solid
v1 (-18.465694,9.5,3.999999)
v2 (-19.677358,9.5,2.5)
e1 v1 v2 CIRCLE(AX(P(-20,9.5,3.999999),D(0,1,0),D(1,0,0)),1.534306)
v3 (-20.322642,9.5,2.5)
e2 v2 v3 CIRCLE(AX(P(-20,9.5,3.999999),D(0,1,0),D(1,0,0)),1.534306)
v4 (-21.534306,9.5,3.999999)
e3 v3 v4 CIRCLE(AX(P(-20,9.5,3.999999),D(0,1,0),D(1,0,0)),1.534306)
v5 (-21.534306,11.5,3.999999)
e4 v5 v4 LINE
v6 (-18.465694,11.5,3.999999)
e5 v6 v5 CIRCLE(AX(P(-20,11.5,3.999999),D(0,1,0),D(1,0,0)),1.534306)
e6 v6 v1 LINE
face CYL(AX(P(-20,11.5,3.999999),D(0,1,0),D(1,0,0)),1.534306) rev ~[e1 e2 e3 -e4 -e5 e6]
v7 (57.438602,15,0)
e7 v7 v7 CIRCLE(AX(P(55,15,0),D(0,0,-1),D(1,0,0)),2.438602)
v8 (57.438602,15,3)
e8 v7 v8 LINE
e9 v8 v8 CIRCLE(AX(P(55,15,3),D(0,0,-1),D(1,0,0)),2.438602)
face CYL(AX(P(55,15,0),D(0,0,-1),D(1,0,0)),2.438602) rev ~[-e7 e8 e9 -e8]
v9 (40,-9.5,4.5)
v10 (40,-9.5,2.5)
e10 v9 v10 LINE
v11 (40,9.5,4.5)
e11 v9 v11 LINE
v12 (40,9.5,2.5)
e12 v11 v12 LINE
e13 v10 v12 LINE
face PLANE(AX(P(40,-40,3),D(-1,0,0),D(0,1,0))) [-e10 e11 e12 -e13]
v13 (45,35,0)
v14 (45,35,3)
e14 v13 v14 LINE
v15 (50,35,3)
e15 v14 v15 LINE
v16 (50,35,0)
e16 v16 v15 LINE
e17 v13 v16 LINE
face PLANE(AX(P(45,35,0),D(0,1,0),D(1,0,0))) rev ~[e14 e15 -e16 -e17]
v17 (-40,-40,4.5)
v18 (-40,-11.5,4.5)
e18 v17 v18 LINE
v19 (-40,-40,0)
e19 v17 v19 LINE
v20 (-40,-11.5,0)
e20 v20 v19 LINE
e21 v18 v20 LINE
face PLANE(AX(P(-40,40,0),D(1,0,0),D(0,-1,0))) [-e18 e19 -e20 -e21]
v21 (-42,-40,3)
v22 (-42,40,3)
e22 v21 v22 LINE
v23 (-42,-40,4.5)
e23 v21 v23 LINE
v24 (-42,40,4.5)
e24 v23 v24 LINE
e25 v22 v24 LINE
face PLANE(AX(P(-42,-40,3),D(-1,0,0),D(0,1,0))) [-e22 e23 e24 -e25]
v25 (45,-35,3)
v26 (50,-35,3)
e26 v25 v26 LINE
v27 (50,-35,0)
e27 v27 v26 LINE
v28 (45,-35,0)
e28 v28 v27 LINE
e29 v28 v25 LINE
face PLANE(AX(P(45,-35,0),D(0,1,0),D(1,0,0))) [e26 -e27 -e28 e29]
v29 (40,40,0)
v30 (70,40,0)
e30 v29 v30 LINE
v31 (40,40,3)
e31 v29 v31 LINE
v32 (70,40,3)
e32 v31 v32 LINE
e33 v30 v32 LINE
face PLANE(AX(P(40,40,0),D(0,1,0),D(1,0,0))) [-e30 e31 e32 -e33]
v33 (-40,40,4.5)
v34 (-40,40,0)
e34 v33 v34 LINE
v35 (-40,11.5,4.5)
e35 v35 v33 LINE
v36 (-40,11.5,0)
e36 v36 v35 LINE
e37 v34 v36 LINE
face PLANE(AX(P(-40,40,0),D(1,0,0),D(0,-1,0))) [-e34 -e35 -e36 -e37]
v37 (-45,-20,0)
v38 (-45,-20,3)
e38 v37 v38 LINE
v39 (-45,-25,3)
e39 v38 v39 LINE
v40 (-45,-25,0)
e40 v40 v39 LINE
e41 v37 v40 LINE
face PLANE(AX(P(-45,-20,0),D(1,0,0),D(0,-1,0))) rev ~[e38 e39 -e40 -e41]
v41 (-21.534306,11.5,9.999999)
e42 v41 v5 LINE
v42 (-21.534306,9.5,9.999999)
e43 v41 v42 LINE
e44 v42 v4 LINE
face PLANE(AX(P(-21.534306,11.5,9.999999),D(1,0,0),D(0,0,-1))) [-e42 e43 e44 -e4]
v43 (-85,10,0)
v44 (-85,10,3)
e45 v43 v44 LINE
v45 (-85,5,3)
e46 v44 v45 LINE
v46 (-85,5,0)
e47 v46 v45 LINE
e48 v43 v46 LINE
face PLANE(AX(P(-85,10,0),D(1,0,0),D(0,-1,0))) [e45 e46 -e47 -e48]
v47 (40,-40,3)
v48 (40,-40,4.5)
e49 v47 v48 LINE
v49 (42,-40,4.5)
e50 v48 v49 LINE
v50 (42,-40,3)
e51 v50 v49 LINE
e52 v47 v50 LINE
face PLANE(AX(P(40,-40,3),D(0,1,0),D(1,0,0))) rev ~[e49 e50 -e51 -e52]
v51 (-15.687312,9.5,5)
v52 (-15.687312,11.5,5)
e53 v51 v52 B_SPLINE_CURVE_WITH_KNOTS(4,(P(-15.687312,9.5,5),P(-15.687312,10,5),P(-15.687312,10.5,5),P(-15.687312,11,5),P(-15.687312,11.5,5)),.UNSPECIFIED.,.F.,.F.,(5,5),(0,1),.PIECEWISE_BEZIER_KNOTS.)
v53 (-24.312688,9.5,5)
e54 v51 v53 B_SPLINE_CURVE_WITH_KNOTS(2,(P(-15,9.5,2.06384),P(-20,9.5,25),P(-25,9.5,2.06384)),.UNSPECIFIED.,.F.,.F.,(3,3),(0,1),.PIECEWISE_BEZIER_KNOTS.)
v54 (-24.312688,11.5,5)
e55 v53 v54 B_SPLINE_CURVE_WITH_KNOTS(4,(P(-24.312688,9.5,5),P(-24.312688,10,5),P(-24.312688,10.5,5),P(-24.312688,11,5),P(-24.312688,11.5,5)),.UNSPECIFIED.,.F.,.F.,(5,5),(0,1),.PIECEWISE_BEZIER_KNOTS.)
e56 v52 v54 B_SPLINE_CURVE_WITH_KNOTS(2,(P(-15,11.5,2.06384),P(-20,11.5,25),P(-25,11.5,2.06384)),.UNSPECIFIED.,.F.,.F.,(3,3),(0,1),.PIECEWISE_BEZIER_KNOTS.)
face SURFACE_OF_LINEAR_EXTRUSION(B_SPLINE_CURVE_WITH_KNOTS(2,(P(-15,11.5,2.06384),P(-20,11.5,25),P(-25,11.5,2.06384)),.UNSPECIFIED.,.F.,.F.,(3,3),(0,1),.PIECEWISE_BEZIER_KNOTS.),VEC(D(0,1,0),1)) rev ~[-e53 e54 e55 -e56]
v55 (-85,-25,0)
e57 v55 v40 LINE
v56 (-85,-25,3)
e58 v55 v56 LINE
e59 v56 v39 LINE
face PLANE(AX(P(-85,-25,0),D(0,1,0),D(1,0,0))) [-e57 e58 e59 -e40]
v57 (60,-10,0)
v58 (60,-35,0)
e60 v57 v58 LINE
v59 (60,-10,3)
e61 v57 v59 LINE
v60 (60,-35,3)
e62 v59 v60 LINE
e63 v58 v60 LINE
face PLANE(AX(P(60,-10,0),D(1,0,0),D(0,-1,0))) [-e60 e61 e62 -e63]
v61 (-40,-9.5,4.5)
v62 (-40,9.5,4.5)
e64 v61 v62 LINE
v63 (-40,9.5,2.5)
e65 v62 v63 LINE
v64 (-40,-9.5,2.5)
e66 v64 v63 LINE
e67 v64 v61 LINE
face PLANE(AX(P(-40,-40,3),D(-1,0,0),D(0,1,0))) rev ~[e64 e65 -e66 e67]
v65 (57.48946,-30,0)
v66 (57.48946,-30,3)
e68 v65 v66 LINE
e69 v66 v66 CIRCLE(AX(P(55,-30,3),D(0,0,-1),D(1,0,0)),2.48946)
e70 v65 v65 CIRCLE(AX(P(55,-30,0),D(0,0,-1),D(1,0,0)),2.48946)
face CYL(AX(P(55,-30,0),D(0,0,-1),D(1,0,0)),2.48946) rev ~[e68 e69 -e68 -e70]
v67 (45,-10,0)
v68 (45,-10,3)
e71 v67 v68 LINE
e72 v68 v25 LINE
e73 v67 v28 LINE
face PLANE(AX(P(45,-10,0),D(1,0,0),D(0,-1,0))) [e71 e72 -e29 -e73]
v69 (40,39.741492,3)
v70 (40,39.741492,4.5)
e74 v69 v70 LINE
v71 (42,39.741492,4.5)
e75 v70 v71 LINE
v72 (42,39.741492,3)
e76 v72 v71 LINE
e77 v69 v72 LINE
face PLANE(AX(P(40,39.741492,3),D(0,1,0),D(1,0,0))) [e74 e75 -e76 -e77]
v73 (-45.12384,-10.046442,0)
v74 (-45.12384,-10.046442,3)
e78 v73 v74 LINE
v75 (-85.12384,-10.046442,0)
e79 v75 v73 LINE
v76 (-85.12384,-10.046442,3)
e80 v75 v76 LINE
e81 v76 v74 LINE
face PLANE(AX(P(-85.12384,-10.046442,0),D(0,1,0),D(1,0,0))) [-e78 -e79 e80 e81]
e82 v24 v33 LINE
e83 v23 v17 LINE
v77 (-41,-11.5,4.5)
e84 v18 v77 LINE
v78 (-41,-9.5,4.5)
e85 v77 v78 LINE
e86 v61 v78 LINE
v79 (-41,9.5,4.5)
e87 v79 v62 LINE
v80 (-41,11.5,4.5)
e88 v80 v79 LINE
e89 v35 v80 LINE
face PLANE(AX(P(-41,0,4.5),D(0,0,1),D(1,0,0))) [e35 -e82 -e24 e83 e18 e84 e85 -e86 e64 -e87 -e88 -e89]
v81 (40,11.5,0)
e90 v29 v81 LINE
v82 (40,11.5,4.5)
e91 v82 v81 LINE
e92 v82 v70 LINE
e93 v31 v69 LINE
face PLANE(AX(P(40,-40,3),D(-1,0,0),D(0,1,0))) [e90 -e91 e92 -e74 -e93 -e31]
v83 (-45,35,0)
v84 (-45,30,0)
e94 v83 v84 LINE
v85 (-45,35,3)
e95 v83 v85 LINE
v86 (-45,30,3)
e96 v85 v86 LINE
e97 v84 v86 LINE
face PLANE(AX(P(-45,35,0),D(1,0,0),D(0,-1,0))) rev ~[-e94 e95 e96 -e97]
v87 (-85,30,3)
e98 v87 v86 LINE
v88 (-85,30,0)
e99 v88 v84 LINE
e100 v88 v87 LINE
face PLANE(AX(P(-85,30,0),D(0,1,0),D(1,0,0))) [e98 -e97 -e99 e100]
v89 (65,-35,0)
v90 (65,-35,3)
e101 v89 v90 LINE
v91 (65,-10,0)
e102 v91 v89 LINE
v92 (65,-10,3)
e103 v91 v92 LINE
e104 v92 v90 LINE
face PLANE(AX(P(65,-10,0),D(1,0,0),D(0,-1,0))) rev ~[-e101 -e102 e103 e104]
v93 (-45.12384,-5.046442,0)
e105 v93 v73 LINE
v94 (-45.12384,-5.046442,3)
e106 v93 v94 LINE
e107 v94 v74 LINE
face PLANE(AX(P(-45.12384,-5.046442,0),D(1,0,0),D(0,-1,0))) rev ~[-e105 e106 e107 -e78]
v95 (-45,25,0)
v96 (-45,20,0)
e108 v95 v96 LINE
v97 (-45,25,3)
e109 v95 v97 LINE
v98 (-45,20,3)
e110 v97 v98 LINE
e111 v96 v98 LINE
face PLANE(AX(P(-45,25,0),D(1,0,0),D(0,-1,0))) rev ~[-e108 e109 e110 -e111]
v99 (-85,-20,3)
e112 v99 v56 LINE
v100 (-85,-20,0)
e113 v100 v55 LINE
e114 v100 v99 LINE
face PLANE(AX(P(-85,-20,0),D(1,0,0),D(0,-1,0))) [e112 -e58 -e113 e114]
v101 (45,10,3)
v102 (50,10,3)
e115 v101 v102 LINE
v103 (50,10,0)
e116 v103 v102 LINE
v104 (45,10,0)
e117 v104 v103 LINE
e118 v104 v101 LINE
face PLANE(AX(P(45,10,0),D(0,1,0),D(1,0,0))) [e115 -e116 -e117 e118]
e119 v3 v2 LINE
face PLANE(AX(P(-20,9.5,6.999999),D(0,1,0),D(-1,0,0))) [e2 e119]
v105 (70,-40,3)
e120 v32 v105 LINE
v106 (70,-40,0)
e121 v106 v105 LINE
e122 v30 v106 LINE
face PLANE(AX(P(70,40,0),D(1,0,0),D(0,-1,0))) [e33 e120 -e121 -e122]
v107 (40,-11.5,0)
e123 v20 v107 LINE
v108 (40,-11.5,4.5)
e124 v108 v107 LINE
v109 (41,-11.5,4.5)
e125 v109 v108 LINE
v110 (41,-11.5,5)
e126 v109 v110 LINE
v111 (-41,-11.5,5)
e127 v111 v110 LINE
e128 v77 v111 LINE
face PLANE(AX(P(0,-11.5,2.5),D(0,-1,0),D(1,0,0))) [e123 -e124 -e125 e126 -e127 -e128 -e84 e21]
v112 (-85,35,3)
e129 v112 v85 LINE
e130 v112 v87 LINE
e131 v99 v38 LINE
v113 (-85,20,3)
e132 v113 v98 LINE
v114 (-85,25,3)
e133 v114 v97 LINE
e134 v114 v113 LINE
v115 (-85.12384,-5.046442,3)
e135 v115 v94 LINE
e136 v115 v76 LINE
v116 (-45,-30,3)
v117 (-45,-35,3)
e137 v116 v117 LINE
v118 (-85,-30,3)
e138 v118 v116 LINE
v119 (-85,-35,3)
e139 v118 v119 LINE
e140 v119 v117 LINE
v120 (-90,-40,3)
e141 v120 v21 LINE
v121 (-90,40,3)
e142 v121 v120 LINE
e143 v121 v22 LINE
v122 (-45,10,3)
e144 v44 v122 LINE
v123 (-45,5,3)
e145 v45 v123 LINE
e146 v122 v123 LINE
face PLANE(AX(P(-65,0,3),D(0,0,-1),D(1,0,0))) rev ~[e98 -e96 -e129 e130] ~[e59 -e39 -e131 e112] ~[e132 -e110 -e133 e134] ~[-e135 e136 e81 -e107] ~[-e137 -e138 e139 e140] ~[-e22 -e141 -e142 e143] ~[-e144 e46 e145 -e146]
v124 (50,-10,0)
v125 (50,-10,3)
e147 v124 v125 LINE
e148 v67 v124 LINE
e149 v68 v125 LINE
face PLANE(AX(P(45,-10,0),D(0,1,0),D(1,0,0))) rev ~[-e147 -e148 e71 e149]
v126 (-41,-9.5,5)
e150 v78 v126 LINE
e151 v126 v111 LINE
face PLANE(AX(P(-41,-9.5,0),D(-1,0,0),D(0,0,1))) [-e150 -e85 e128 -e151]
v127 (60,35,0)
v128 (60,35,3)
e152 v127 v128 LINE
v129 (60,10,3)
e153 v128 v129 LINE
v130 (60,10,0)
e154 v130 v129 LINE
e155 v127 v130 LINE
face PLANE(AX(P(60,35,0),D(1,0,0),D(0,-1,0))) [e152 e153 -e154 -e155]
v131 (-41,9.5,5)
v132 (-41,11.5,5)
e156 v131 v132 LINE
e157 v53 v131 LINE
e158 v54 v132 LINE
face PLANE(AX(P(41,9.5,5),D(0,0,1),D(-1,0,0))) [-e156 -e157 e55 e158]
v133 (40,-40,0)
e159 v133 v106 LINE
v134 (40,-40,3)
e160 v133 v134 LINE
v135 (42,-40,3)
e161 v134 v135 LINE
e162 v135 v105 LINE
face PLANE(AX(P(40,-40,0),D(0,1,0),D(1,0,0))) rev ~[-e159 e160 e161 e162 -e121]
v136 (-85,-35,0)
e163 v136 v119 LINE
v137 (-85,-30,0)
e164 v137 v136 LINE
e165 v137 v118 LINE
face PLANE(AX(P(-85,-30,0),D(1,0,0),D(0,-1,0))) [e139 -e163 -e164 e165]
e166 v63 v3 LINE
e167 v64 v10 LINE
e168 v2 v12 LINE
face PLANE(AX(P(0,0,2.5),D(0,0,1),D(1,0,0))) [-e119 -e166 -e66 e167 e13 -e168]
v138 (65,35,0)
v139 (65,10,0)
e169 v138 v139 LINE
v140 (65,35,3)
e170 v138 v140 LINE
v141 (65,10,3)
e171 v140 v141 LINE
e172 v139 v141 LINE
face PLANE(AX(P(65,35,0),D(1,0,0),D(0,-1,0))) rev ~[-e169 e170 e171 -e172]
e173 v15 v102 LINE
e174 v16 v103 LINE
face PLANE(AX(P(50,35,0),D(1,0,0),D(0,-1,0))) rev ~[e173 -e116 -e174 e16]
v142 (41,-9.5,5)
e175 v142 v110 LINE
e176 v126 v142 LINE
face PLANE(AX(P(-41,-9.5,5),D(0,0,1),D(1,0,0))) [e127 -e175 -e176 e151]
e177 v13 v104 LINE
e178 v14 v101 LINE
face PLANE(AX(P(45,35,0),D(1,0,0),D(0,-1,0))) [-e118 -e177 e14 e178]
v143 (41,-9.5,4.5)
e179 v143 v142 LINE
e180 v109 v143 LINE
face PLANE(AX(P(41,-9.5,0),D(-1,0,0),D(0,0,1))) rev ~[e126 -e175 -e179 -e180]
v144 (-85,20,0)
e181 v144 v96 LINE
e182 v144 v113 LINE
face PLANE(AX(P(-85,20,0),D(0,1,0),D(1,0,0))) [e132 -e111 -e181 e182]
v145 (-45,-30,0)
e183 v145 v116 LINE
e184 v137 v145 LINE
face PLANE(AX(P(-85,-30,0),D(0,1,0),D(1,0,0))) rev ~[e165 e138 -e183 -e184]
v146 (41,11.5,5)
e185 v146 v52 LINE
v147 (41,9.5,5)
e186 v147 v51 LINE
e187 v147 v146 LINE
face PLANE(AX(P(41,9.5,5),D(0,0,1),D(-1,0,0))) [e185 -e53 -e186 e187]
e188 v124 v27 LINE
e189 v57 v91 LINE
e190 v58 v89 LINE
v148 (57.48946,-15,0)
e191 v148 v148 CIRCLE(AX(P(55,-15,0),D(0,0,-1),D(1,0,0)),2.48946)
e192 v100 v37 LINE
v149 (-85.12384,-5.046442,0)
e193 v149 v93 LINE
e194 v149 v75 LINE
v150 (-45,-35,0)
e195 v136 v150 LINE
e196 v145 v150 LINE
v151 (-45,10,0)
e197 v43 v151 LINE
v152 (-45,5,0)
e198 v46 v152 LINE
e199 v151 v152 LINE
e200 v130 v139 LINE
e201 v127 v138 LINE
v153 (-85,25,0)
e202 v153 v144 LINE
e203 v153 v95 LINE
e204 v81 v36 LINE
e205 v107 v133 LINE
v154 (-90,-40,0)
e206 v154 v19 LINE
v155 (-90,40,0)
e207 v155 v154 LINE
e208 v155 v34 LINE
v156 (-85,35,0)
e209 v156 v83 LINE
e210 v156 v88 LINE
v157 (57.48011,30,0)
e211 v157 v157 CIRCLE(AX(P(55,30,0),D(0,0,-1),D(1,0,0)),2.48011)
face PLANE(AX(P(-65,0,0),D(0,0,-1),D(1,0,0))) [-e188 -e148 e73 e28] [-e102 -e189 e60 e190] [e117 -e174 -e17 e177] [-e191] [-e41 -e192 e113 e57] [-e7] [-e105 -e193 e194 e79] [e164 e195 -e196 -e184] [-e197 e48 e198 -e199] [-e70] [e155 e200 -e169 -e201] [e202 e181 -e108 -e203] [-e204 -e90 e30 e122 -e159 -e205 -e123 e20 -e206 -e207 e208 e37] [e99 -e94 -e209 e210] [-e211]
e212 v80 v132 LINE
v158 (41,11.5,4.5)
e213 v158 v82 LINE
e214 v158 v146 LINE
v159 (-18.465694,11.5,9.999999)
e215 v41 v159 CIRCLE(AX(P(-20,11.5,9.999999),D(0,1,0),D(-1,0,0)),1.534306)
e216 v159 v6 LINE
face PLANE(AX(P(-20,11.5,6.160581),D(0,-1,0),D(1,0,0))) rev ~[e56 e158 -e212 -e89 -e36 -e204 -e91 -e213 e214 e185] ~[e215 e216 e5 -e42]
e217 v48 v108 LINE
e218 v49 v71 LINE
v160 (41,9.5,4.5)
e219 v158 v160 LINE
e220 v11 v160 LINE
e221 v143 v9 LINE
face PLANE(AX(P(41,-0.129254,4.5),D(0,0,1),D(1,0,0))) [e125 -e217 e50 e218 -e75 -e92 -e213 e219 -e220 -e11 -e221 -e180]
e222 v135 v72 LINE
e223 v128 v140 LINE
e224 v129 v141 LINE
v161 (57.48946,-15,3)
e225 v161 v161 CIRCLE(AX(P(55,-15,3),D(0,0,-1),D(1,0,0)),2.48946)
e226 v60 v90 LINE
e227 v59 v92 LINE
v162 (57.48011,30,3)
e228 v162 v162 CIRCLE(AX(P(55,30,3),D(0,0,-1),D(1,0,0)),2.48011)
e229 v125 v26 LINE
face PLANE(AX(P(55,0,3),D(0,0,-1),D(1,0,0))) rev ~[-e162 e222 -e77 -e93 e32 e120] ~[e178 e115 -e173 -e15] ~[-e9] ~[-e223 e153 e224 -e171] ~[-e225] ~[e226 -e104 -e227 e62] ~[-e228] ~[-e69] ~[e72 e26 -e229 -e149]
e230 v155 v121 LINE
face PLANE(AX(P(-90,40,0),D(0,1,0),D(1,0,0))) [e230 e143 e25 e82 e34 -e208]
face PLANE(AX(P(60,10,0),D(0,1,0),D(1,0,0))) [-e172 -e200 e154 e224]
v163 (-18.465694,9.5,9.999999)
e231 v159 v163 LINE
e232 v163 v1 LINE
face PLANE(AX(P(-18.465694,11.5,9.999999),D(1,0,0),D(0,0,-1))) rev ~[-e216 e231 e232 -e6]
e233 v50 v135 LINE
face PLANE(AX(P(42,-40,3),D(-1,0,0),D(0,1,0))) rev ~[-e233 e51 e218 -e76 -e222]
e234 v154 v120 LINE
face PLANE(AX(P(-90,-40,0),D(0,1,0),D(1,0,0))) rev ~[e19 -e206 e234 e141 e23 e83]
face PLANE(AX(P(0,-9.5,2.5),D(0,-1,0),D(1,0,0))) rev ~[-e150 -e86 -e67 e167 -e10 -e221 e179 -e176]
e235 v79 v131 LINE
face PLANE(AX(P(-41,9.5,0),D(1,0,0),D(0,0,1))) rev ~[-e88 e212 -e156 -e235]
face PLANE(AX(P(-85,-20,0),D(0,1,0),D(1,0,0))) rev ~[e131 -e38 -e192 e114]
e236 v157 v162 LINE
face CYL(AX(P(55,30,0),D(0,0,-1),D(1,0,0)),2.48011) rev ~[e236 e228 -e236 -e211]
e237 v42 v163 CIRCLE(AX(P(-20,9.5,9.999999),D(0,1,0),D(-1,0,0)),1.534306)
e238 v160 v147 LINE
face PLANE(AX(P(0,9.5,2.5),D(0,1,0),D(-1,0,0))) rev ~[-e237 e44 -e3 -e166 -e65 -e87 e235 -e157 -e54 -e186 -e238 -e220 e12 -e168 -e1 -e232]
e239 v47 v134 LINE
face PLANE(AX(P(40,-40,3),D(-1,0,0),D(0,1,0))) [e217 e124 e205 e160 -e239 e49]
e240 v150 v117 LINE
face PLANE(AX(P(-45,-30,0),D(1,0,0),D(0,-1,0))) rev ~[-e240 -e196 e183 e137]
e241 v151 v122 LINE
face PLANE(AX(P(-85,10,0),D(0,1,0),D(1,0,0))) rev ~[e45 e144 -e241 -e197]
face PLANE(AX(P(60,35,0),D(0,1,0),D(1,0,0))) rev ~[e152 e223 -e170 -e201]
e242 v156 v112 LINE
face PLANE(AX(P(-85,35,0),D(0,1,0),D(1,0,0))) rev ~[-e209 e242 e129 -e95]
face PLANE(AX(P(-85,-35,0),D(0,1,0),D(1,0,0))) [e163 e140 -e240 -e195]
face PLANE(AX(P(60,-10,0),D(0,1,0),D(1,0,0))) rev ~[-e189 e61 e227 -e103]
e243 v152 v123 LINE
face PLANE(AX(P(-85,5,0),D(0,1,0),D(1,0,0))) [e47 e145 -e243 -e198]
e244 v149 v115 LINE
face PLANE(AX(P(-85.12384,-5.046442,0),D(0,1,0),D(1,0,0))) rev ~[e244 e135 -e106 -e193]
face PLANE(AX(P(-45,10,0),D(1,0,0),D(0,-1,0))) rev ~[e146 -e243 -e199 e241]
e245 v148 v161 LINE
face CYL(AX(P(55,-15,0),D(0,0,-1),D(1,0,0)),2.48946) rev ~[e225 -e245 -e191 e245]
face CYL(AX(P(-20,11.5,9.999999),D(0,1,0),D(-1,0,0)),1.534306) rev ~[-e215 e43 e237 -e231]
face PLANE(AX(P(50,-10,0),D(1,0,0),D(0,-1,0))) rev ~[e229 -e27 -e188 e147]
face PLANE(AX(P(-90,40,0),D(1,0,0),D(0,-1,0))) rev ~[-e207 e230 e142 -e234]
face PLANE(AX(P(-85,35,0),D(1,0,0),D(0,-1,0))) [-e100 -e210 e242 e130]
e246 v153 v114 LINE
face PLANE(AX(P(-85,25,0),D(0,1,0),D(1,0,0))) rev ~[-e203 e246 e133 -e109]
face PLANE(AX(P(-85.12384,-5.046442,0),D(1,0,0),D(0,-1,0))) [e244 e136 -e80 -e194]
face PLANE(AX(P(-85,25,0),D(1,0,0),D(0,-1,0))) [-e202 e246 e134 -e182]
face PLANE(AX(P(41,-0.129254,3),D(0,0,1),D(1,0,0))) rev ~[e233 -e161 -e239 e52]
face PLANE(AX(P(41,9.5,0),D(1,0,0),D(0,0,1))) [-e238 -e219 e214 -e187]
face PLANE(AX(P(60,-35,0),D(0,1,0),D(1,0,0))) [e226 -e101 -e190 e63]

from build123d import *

# Parameters (mm, degrees)
SKETCH_W        = 81
SKETCH_H        = 19
PAD_DEPTH       = 2.5
SKETCH001_W     = 82
SKETCH001_H     = 5
PAD001_DEPTH    = 2
SKETCH002_W     = 82
SKETCH002_H     = 5
PAD002_DEPTH    = 2
PAD003_DEPTH    = 2
POCKET_DEPTH    = 2
SKETCH005_W     = 50
SKETCH005_H     = 80
SKETCH005_W_2   = 30
PAD004_DEPTH    = 3
SKETCH006_R     = 2.48011
SKETCH006_R_2   = 2.438602
SKETCH006_R_3   = 2.48946
SKETCH006_W     = 5
SKETCH006_H     = 25
POCKET001_DEPTH = 3
SKETCH007_W     = 40
SKETCH007_H     = 5
POCKET002_DEPTH = 5
SKETCH008_W     = 2
SKETCH008_H     = 79.741493
SKETCH008_H_2   = 80
PAD005_DEPTH    = 1.5


with BuildPart() as part:
    # Sketch → Pad (new body)
    with BuildSketch(Plane.XY):
        Rectangle(SKETCH_W, SKETCH_H)
    extrude(amount=PAD_DEPTH)

    # Sketch001 (on Face3 of Pad) → Pad001 (join)
    with BuildSketch(Plane.XZ.offset(9.5)):
        with Locations((0, 2.5)):
            Rectangle(SKETCH001_W, SKETCH001_H)
    extrude(amount=PAD001_DEPTH)

    # Sketch002 (on Face11 of Pad001) → Pad002 (join)
    with BuildSketch(Plane(origin=(0, 9.5, 0), x_dir=(-1, 0, 0), z_dir=(0, 1, 0))):
        with Locations((0, 2.5)):
            Rectangle(SKETCH002_W, SKETCH002_H)
    extrude(amount=PAD002_DEPTH)

    # Sketch003 (on Face6 of Pad002) → Pad003 (join)
    with BuildSketch(Plane(origin=(0, 11.5, 0), x_dir=(-1, 0, 0), z_dir=(0, 1, 0))):
        with BuildLine():
            add(Edge.make_bspline(
                [(15, 2.06384), (20, 25), (25, 2.06384)],
                knots=[0, 0, 0, 1, 1, 1], degree=2))
            Line((25, 2.06384), (15, 2.06384))
        make_face()
    extrude(amount=-PAD003_DEPTH)

    # Sketch004 (on Face22 of Pad003) → Pocket (cut)
    with BuildSketch(Plane(origin=(0, 11.5, 0), x_dir=(-1, 0, 0), z_dir=(0, 1, 0))):
        with BuildLine():
            ThreePointArc((21.534306, 9.999999), (20, 11.534305), (18.465694, 9.999999))
            Line((18.465694, 9.999999), (18.465694, 3.999999))
            ThreePointArc((18.465694, 3.999999), (20, 2.465693), (21.534306, 3.999999))
            Line((21.534306, 9.999999), (21.534306, 3.999999))
        make_face()
    extrude(amount=-POCKET_DEPTH, mode=Mode.SUBTRACT)

    # Sketch005 (on Face5 of Pocket) → Pad004 (join)
    with BuildSketch(Plane(origin=(0, 0, 0), x_dir=(1, 0, 0), z_dir=(0, 0, -1))):
        with Locations((-65, 0)):
            Rectangle(SKETCH005_W, SKETCH005_H)
        with Locations((55, 0)):
            Rectangle(SKETCH005_W_2, SKETCH005_H)
    extrude(amount=-PAD004_DEPTH)

    # Sketch006 (on Face18 of Pad004) → Pocket001 (cut)
    with BuildSketch(Plane(origin=(0, 0, 0), x_dir=(1, 0, 0), z_dir=(0, 0, -1))):
        with Locations((55, -30)):
            Circle(SKETCH006_R)
        with Locations((55, -15)):
            Circle(SKETCH006_R_2)
        with Locations((55, 15)):
            Circle(SKETCH006_R_3)
        with Locations((55, 30)):
            Circle(SKETCH006_R_3)
        with Locations((62.5, 22.5)):
            Rectangle(SKETCH006_W, SKETCH006_H)
        with Locations((62.5, -22.5)):
            Rectangle(SKETCH006_W, SKETCH006_H)
        with Locations((47.5, -22.5)):
            Rectangle(SKETCH006_W, SKETCH006_H)
        with Locations((47.5, 22.5)):
            Rectangle(SKETCH006_W, SKETCH006_H)
    extrude(amount=-POCKET001_DEPTH, mode=Mode.SUBTRACT)

    # Sketch007 (on Face2 of Pocket001) → Pocket002 (cut)
    with BuildSketch(Plane(origin=(0, 0, 0), x_dir=(1, 0, 0), z_dir=(0, 0, -1))):
        with Locations((-65, 32.5)):
            Rectangle(SKETCH007_W, SKETCH007_H)
        with Locations((-65, 22.5)):
            Rectangle(SKETCH007_W, SKETCH007_H)
        with Locations((-65.12384, 7.546442)):
            Rectangle(SKETCH007_W, SKETCH007_H)
        with Locations((-65, -7.5)):
            Rectangle(SKETCH007_W, SKETCH007_H)
        with Locations((-65, -22.5)):
            Rectangle(SKETCH007_W, SKETCH007_H)
        with Locations((-65, -32.5)):
            Rectangle(SKETCH007_W, SKETCH007_H)
    extrude(amount=-POCKET002_DEPTH, mode=Mode.SUBTRACT)

    # Sketch008 (on Face47 of Pocket002) → Pad005 (join)
    with BuildSketch(Plane.XY.offset(3)):
        with Locations((41, -0.129254)):
            Rectangle(SKETCH008_W, SKETCH008_H)
        with Locations((-41, 0)):
            Rectangle(SKETCH008_W, SKETCH008_H_2)
    extrude(amount=PAD005_DEPTH)


solid = part.part
